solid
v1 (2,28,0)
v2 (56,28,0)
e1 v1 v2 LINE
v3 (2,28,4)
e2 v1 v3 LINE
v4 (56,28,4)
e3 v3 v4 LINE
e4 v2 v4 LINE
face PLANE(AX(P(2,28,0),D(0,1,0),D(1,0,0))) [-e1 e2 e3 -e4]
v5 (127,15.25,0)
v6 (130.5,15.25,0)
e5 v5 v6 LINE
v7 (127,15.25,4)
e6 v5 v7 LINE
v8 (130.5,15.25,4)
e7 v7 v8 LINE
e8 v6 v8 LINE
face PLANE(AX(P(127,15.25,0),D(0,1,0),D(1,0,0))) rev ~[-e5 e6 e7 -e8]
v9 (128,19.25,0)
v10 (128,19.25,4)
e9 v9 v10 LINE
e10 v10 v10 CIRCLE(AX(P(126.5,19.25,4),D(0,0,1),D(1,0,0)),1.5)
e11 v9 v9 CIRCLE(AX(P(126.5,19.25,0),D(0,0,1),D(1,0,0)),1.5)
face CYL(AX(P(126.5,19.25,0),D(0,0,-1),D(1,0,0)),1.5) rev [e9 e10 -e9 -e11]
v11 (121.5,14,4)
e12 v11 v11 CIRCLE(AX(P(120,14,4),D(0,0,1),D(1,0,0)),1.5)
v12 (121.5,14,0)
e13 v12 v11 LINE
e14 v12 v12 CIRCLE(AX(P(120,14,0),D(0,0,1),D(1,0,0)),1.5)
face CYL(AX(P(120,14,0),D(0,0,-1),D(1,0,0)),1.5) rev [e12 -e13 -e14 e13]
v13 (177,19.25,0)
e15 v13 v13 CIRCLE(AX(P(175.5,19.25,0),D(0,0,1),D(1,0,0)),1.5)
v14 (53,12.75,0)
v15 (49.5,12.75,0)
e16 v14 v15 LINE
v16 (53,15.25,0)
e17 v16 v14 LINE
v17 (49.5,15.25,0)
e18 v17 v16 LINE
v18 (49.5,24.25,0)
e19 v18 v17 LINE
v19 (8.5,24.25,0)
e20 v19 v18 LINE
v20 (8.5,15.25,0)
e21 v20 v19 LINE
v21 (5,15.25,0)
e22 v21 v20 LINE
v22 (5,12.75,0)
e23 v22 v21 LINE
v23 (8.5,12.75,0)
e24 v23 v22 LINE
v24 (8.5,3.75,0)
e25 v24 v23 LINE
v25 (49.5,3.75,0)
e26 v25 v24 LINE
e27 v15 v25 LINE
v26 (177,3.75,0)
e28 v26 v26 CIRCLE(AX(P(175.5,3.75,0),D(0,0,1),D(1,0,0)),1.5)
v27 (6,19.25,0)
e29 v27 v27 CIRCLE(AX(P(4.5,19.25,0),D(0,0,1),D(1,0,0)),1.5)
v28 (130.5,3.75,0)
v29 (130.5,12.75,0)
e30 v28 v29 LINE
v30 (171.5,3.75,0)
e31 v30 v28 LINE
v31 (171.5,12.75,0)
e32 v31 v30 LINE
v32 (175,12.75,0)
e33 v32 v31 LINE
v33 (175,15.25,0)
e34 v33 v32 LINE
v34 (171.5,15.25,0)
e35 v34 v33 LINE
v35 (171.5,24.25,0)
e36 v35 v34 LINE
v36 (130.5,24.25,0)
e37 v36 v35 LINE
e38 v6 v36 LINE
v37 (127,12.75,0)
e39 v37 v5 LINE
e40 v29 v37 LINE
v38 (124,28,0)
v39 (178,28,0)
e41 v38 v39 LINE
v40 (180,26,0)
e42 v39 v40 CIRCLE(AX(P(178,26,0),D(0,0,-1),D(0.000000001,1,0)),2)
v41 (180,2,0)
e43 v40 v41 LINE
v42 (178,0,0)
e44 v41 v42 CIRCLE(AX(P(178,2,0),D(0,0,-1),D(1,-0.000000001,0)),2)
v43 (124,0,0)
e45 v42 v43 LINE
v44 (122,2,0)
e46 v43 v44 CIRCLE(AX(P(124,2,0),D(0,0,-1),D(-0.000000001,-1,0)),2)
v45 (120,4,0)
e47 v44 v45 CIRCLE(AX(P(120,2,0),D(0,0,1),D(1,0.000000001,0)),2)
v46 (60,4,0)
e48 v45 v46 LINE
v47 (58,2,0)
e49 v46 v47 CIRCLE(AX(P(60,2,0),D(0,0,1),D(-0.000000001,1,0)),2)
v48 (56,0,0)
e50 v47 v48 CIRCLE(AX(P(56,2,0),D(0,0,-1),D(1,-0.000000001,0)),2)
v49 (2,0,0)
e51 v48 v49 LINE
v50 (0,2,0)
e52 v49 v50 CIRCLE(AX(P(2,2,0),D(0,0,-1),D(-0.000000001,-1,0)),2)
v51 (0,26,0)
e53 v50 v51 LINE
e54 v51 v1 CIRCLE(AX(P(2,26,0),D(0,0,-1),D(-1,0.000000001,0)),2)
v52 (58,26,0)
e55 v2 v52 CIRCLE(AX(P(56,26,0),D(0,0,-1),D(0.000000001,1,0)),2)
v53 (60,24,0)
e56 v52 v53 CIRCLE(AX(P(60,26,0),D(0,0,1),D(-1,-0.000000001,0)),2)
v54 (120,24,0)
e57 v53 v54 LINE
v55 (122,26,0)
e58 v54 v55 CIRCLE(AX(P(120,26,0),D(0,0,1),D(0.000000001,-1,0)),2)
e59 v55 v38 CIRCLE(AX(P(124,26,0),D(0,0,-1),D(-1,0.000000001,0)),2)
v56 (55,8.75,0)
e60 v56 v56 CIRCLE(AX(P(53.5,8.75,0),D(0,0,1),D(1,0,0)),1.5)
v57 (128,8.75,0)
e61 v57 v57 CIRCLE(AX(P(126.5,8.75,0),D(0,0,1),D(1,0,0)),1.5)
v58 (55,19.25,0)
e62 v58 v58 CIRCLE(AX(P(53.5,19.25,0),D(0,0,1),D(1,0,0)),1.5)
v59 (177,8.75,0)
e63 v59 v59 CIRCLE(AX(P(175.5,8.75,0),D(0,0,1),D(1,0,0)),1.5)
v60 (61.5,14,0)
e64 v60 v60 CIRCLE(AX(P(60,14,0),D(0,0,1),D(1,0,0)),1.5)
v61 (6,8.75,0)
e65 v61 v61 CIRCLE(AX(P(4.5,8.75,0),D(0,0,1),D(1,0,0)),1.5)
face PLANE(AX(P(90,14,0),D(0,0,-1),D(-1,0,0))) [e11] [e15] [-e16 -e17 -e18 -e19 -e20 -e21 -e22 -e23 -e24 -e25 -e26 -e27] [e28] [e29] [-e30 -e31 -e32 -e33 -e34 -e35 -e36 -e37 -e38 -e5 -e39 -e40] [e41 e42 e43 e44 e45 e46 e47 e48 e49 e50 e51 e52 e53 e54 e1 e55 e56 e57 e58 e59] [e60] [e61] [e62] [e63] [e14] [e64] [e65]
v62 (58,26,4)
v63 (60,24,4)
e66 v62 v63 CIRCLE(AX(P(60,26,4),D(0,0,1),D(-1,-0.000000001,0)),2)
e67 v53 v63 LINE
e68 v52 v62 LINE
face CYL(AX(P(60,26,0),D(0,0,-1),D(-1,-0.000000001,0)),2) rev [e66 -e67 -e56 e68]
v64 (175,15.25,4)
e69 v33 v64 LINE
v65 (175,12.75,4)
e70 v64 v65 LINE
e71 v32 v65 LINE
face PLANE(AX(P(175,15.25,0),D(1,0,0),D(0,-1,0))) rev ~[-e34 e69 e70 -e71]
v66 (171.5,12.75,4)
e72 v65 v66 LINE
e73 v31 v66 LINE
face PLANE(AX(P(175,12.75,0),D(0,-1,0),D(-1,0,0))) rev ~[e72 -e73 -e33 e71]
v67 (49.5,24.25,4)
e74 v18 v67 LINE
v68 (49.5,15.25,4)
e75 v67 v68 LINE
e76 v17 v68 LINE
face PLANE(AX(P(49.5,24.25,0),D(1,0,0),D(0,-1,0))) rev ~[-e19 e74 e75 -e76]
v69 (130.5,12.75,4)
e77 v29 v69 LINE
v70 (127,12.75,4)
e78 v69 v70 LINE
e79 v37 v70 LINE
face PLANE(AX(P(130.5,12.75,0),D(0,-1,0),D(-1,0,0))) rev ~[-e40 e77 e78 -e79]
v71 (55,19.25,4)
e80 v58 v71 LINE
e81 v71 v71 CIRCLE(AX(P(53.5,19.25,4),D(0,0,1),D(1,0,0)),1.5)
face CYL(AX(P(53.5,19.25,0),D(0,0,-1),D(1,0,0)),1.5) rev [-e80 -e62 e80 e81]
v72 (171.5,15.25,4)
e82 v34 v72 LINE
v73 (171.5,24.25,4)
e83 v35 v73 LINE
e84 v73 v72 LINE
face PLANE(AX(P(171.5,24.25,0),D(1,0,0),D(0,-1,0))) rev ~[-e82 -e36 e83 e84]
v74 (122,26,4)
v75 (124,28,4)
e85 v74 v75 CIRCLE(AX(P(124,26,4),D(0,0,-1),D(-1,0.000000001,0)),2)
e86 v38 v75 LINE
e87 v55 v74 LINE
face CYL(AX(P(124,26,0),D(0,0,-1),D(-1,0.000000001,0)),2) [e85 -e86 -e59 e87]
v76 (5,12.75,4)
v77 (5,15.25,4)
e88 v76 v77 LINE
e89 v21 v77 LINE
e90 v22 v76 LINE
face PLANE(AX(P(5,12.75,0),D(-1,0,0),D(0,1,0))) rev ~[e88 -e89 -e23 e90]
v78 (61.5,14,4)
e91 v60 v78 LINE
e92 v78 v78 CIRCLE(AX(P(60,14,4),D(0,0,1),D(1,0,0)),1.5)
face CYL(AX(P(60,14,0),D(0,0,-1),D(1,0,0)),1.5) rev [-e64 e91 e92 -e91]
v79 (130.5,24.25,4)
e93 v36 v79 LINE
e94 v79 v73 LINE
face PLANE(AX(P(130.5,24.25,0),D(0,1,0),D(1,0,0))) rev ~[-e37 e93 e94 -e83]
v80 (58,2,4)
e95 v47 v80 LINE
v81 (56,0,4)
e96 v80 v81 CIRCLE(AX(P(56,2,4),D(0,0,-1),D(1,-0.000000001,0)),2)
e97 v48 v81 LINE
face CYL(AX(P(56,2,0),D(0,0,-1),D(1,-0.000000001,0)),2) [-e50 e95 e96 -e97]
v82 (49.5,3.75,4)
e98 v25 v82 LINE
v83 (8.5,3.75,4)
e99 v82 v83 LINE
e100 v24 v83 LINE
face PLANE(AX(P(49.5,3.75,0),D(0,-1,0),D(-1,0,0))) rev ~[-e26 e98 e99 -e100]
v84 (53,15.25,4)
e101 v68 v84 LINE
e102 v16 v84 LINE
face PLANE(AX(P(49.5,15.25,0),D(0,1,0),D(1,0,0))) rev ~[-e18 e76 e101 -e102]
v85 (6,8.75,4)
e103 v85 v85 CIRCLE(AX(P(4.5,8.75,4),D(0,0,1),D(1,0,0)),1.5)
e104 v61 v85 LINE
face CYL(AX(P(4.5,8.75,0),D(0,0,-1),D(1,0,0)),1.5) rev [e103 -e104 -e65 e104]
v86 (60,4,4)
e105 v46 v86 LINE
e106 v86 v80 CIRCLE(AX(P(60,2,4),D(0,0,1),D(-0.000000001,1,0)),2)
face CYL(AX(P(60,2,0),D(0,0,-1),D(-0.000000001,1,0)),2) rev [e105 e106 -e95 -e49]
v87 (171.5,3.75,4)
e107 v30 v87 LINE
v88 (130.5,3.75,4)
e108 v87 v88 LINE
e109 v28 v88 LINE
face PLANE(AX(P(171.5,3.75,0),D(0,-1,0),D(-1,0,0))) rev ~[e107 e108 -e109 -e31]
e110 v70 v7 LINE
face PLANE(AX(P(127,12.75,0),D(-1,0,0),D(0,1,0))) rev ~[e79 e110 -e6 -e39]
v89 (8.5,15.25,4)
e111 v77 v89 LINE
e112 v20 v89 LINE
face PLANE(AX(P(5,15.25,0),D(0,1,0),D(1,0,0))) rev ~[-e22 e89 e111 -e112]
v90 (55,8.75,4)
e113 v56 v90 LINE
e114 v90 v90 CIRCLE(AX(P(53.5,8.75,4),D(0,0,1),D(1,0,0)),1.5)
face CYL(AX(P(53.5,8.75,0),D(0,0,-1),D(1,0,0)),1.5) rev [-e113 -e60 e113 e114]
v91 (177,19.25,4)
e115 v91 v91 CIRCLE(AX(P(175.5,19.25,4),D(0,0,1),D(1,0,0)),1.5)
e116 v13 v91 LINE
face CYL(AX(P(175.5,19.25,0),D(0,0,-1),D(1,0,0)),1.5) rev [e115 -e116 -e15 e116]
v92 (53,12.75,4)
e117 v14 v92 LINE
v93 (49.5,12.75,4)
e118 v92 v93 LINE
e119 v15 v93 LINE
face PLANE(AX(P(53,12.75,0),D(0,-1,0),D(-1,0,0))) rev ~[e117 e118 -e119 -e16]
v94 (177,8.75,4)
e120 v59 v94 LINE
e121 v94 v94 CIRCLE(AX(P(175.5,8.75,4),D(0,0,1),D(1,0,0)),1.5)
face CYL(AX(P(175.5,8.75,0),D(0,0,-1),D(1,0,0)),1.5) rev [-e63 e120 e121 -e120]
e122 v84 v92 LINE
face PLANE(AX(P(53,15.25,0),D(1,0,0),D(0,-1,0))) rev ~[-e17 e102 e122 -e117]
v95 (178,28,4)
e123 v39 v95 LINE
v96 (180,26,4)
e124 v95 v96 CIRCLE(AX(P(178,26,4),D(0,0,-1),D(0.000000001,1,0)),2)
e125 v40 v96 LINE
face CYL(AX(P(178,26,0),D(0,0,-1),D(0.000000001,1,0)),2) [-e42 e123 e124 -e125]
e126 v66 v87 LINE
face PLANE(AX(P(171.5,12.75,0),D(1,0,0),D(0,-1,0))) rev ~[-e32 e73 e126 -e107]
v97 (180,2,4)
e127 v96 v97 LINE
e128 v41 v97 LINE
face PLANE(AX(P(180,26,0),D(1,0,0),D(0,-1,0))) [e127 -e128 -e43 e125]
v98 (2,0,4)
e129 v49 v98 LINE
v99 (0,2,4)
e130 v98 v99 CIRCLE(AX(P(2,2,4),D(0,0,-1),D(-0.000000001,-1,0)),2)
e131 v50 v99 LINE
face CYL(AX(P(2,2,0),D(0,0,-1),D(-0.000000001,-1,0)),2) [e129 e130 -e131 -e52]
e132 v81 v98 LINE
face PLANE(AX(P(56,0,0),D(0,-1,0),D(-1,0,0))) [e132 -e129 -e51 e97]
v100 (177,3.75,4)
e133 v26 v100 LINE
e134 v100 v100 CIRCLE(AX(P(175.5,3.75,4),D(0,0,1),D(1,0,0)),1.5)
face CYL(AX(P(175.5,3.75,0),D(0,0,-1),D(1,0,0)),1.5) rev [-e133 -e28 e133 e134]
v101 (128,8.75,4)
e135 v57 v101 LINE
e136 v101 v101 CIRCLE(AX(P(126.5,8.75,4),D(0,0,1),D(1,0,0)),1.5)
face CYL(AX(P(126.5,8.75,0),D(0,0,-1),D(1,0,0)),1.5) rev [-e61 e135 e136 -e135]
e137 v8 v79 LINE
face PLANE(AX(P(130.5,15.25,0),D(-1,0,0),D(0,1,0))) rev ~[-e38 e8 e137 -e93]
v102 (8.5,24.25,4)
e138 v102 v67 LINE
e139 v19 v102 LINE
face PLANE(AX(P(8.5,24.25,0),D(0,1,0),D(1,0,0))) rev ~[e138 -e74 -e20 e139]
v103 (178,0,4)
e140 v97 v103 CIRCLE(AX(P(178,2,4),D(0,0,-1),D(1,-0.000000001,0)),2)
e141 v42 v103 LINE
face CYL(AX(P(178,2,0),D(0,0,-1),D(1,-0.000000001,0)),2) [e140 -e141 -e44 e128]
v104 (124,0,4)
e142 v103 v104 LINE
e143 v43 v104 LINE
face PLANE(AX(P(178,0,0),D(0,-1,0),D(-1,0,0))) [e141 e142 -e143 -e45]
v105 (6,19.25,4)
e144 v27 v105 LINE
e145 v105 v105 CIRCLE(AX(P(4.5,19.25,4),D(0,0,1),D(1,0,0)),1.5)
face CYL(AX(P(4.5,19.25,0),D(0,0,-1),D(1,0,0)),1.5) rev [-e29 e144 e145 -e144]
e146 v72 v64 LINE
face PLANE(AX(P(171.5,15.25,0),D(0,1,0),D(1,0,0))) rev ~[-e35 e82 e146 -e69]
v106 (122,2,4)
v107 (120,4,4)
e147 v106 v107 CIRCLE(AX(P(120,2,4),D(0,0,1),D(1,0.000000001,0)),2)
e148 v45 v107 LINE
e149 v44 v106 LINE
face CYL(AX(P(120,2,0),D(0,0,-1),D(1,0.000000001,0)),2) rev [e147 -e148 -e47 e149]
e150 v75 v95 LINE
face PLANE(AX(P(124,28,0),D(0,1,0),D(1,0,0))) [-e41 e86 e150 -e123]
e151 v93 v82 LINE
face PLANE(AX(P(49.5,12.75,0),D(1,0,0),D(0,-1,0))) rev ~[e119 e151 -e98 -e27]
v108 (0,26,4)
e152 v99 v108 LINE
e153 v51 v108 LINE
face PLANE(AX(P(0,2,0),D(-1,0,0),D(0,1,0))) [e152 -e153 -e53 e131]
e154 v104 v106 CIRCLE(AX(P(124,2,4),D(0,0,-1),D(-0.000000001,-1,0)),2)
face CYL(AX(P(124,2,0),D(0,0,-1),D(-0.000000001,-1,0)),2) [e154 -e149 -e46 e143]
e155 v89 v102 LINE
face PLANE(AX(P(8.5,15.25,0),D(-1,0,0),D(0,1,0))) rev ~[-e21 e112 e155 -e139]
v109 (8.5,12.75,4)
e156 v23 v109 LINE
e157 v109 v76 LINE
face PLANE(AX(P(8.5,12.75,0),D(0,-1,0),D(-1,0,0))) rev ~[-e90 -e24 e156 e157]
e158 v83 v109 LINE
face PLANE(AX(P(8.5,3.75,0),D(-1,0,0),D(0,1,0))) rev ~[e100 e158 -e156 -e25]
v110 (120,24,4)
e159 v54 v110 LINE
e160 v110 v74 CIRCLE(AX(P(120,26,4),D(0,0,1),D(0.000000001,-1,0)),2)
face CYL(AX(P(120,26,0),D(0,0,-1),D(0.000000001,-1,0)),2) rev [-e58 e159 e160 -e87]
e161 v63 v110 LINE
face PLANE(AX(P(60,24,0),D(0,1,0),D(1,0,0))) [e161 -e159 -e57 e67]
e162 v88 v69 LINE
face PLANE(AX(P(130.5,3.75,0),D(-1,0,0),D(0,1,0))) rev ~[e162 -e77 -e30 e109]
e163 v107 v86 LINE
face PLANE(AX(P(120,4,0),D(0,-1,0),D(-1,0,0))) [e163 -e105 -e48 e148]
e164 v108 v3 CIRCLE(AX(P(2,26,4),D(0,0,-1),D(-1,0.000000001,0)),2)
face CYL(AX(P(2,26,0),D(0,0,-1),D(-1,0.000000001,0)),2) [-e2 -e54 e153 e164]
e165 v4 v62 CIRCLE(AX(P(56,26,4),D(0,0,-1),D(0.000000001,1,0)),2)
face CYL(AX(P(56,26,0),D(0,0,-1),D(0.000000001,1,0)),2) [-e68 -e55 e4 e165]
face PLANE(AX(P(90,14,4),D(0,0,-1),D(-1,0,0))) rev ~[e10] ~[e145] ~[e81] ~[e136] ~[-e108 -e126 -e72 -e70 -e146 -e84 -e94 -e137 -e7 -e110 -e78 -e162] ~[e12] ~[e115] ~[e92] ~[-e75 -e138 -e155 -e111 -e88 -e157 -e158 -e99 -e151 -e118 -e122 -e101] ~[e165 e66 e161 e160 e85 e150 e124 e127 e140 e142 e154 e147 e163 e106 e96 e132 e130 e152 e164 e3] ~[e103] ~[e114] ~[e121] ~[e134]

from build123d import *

# Parameters (mm, degrees)
SKETCH1_R           = 1.5
BOSS_EXTRUDE1_DEPTH = 4


with BuildPart() as part:
    # Sketch1 → Boss-Extrude1 (new body)
    with BuildSketch(Plane.XY):
        with BuildLine():
            Line((0, 2), (0, 26))
            ThreePointArc((0, 26), (0.585786438, 27.414213562), (2, 28))
            Line((2, 28), (56, 28))
            ThreePointArc((56, 28), (57.414213562, 27.414213562), (58, 26))
            ThreePointArc((58, 26), (58.585786438, 24.585786438), (60, 24))
            Line((60, 24), (120, 24))
            ThreePointArc((120, 24), (121.414213562, 24.585786438), (122, 26))
            ThreePointArc((122, 26), (122.585786438, 27.414213562), (124, 28))
            Line((124, 28), (178, 28))
            ThreePointArc((178, 28), (179.414213562, 27.414213562), (180, 26))
            Line((180, 26), (180, 2))
            ThreePointArc((180, 2), (179.414213562, 0.585786438), (178, 0))
            Line((178, 0), (124, 0))
            ThreePointArc((124, 0), (122.585786438, 0.585786438), (122, 2))
            ThreePointArc((122, 2), (121.414213562, 3.414213562), (120, 4))
            Line((120, 4), (60, 4))
            ThreePointArc((60, 4), (58.585786438, 3.414213562), (58, 2))
            ThreePointArc((58, 2), (57.414213562, 0.585786438), (56, 0))
            Line((56, 0), (2, 0))
            ThreePointArc((2, 0), (0.585786438, 0.585786438), (0, 2))
        make_face()
        with Locations((53.5, 19.25)):
            Circle(SKETCH1_R, mode=Mode.SUBTRACT)
        with Locations((53.5, 8.75)):
            Circle(SKETCH1_R, mode=Mode.SUBTRACT)
        with Locations((4.5, 19.25)):
            Circle(SKETCH1_R, mode=Mode.SUBTRACT)
        with Locations((4.5, 8.75)):
            Circle(SKETCH1_R, mode=Mode.SUBTRACT)
        with Locations((175.5, 19.25)):
            Circle(SKETCH1_R, mode=Mode.SUBTRACT)
        with Locations((175.5, 8.75)):
            Circle(SKETCH1_R, mode=Mode.SUBTRACT)
        with Locations((126.5, 19.25)):
            Circle(SKETCH1_R, mode=Mode.SUBTRACT)
        with Locations((126.5, 8.75)):
            Circle(SKETCH1_R, mode=Mode.SUBTRACT)
        with Locations((60, 14)):
            Circle(SKETCH1_R, mode=Mode.SUBTRACT)
        with Locations((120, 14)):
            Circle(SKETCH1_R, mode=Mode.SUBTRACT)
        with Locations((175.5, 3.75)):
            Circle(SKETCH1_R, mode=Mode.SUBTRACT)
        Polygon((8.5, 3.75), (8.5, 12.75), (5, 12.75), (5, 15.25), (8.5, 15.25), (8.5, 24.25), (49.5, 24.25), (49.5, 15.25), (53, 15.25), (53, 12.75), (49.5, 12.75), (49.5, 3.75), align=None, mode=Mode.SUBTRACT)
        Polygon((130.5, 3.75), (130.5, 12.75), (127, 12.75), (127, 15.25), (130.5, 15.25), (130.5, 24.25), (171.5, 24.25), (171.5, 15.25), (175, 15.25), (175, 12.75), (171.5, 12.75), (171.5, 3.75), align=None, mode=Mode.SUBTRACT)
    extrude(amount=BOSS_EXTRUDE1_DEPTH)


solid = part.part
